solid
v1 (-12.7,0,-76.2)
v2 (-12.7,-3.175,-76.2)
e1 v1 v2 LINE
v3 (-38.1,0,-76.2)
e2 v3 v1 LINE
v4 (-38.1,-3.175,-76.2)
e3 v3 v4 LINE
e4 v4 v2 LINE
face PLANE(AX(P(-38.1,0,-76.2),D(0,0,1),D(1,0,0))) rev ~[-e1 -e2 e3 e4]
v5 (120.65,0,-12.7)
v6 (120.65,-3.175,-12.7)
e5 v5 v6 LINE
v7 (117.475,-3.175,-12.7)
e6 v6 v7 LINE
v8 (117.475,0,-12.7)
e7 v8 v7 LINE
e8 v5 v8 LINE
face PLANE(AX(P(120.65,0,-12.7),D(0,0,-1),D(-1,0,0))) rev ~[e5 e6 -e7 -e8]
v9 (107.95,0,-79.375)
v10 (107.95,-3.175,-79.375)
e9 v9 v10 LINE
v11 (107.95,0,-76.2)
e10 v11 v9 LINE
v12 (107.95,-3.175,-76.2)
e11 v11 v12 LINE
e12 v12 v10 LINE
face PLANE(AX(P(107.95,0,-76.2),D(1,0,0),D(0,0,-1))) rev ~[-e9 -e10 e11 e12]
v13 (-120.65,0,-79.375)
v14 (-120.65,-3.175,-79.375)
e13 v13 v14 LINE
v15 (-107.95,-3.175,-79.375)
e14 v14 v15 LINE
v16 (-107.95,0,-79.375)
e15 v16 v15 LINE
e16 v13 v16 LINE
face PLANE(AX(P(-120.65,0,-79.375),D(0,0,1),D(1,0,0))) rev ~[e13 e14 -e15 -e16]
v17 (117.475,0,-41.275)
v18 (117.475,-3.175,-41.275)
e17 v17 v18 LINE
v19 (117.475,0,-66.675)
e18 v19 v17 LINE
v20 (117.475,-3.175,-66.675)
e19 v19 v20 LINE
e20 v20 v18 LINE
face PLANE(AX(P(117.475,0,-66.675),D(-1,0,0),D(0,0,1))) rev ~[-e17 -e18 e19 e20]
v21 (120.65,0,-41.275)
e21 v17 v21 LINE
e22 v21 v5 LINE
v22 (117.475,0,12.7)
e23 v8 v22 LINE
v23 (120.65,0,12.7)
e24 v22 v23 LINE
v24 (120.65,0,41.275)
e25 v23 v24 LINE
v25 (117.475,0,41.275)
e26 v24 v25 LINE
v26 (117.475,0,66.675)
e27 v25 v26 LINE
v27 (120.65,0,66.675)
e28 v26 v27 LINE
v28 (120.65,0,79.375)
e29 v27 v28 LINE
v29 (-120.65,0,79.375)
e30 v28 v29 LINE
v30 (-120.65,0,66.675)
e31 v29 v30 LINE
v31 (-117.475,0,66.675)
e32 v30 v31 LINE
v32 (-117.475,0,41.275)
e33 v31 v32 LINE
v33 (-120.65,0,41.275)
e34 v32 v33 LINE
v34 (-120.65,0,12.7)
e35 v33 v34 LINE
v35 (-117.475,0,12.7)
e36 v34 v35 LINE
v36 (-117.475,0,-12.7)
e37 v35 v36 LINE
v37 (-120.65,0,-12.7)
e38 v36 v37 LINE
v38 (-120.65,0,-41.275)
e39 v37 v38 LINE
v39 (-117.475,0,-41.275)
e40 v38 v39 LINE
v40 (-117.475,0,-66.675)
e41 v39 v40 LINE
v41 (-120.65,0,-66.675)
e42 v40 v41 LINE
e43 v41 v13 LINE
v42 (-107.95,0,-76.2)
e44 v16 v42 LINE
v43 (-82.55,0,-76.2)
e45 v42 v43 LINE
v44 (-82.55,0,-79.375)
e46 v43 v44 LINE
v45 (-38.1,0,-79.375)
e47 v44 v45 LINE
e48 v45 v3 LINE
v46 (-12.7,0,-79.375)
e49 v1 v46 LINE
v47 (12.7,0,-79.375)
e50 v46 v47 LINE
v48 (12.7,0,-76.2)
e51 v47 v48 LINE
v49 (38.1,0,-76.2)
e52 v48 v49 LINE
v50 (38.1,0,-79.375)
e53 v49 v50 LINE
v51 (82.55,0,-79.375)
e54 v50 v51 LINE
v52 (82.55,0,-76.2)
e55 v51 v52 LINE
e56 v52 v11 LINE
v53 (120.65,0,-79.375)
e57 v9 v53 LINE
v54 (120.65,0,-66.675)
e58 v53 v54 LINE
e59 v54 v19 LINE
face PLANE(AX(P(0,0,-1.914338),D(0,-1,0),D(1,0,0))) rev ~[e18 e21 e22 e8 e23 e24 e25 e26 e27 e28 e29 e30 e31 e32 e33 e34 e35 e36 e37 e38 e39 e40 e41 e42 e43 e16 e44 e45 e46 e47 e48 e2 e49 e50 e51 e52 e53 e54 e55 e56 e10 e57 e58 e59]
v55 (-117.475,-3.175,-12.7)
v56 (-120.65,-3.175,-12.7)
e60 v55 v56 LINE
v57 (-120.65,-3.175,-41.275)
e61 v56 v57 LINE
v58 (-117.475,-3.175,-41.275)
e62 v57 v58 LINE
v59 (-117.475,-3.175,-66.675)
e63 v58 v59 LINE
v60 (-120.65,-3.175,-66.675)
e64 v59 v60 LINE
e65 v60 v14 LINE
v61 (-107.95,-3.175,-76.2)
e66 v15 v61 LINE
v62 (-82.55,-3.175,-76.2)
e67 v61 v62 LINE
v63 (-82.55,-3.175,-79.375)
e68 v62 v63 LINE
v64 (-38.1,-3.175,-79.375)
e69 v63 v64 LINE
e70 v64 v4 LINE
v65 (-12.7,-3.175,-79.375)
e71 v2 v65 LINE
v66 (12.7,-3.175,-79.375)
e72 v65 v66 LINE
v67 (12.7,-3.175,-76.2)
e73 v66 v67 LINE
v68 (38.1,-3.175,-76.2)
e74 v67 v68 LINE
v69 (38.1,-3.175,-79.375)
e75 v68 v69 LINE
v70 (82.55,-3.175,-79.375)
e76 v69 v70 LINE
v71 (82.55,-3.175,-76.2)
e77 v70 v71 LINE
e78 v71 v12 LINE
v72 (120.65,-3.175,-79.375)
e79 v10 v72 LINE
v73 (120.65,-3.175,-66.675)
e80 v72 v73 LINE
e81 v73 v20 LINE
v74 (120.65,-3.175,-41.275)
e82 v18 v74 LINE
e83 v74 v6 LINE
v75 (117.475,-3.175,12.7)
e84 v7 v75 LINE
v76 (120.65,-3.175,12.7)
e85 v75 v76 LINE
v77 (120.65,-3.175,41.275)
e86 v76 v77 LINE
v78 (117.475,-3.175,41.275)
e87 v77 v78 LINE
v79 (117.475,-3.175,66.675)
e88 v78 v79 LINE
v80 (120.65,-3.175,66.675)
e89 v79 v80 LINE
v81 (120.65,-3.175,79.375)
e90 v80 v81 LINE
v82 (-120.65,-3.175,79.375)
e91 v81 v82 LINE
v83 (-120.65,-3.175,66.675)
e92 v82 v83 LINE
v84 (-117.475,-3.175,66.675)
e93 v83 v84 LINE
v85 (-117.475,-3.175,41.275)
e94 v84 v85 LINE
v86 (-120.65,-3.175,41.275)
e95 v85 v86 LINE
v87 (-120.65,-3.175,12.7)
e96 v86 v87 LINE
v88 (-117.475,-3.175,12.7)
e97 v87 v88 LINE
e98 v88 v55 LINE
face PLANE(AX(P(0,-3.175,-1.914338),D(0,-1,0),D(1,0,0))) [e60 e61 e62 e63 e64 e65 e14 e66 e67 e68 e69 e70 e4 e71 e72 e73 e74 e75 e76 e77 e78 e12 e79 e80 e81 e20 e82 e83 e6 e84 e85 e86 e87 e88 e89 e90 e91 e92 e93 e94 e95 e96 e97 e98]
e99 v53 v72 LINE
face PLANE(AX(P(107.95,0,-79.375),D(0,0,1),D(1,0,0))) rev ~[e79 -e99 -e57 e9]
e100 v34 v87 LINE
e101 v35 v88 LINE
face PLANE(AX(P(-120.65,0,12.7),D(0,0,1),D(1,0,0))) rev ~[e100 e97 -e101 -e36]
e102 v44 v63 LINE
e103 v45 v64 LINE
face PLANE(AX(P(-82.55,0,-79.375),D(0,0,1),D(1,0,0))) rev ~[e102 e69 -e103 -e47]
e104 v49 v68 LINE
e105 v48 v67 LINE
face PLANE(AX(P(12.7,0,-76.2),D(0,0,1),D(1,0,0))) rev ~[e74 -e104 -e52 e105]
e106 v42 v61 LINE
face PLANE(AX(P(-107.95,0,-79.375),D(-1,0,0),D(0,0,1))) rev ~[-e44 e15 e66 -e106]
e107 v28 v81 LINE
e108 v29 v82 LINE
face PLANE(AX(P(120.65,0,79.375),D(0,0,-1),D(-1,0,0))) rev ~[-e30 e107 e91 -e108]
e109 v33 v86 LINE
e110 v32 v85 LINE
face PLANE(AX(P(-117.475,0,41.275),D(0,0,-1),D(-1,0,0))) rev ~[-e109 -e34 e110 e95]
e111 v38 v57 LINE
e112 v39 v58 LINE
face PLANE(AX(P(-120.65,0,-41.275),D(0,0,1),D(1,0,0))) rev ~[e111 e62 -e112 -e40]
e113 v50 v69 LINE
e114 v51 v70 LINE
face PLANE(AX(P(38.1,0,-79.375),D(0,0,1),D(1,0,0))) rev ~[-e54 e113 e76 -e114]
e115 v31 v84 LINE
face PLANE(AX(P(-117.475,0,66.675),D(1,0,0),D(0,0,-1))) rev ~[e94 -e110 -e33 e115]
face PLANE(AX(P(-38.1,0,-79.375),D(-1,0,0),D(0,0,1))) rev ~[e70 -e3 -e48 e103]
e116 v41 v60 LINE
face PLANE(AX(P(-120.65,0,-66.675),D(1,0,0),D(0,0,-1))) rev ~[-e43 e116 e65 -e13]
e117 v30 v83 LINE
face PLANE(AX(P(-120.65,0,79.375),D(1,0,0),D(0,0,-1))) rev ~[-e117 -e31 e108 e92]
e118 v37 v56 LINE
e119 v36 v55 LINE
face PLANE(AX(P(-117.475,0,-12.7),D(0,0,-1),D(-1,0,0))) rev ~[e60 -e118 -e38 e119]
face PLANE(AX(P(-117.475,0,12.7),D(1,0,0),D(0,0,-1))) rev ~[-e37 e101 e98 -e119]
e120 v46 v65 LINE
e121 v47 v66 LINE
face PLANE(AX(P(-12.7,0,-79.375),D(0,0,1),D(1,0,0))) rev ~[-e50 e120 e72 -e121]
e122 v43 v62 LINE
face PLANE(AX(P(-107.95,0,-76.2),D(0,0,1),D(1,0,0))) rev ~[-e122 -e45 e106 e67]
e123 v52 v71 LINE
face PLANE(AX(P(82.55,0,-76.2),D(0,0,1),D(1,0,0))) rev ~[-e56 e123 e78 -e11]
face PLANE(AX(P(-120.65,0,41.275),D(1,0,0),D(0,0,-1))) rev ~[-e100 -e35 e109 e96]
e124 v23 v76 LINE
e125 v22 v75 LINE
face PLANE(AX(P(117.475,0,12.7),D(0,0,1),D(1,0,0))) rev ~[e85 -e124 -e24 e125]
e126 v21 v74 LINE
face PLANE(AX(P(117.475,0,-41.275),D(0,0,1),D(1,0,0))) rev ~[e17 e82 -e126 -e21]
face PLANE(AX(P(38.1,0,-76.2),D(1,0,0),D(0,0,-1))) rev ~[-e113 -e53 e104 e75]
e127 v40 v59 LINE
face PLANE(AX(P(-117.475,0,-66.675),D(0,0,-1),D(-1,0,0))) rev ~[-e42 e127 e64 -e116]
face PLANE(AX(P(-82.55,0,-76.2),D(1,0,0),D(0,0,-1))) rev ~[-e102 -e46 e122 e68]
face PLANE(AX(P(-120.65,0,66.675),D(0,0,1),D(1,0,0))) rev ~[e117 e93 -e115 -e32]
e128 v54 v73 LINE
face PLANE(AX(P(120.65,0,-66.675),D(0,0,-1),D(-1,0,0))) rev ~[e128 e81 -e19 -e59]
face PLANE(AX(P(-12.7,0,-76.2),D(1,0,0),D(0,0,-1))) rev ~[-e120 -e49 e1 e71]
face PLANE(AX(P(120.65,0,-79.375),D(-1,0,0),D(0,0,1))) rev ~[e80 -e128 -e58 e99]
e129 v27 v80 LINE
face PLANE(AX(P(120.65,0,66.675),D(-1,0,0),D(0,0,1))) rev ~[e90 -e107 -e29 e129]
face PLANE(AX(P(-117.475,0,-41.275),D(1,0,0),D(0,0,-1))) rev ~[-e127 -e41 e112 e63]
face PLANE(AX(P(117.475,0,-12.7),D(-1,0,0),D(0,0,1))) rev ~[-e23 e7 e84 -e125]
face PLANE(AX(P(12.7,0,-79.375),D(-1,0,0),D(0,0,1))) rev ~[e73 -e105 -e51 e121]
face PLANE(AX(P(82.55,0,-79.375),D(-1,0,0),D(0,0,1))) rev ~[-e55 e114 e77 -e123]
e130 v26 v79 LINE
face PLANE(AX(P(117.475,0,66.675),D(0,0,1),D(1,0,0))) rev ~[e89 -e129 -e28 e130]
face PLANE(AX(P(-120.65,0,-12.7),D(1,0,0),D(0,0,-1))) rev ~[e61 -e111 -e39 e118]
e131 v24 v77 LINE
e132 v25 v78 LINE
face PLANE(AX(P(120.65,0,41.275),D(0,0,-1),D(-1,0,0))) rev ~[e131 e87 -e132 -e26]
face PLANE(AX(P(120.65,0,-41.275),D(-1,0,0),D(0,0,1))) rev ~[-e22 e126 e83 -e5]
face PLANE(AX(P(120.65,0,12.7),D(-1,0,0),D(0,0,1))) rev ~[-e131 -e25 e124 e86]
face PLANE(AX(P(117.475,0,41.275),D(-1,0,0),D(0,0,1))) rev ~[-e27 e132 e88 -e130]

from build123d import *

# Parameters (mm, degrees)
F1_DEPTH = 3.175


with BuildPart() as f1:
    # F0 (on Front) → F1 (new body)
    with BuildSketch(Plane.XZ):
        Polygon((107.95, -79.375), (120.65, -79.375), (120.65, -66.675), (117.475, -66.675), (117.475, -41.275), (120.65, -41.275), (120.65, -12.7), (117.475, -12.7), (117.475, 0), (117.475, 12.7), (120.65, 12.7), (120.65, 41.275), (117.475, 41.275), (117.475, 66.675), (120.65, 66.675), (120.65, 79.375), (-120.65, 79.375), (-120.65, 66.675), (-117.475, 66.675), (-117.475, 41.275), (-120.65, 41.275), (-120.65, 12.7), (-117.475, 12.7), (-117.475, 0), (-117.475, -12.7), (-120.65, -12.7), (-120.65, -41.275), (-117.475, -41.275), (-117.475, -66.675), (-120.65, -66.675), (-120.65, -79.375), (-107.95, -79.375), (-107.95, -76.2), (-82.55, -76.2), (-82.55, -79.375), (-38.1, -79.375), (-38.1, -76.2), (-12.7, -76.2), (-12.7, -79.375), (12.7, -79.375), (12.7, -76.2), (38.1, -76.2), (38.1, -79.375), (82.55, -79.375), (82.55, -76.2), (107.95, -76.2), align=None)
    extrude(amount=F1_DEPTH)


solid = f1.part
